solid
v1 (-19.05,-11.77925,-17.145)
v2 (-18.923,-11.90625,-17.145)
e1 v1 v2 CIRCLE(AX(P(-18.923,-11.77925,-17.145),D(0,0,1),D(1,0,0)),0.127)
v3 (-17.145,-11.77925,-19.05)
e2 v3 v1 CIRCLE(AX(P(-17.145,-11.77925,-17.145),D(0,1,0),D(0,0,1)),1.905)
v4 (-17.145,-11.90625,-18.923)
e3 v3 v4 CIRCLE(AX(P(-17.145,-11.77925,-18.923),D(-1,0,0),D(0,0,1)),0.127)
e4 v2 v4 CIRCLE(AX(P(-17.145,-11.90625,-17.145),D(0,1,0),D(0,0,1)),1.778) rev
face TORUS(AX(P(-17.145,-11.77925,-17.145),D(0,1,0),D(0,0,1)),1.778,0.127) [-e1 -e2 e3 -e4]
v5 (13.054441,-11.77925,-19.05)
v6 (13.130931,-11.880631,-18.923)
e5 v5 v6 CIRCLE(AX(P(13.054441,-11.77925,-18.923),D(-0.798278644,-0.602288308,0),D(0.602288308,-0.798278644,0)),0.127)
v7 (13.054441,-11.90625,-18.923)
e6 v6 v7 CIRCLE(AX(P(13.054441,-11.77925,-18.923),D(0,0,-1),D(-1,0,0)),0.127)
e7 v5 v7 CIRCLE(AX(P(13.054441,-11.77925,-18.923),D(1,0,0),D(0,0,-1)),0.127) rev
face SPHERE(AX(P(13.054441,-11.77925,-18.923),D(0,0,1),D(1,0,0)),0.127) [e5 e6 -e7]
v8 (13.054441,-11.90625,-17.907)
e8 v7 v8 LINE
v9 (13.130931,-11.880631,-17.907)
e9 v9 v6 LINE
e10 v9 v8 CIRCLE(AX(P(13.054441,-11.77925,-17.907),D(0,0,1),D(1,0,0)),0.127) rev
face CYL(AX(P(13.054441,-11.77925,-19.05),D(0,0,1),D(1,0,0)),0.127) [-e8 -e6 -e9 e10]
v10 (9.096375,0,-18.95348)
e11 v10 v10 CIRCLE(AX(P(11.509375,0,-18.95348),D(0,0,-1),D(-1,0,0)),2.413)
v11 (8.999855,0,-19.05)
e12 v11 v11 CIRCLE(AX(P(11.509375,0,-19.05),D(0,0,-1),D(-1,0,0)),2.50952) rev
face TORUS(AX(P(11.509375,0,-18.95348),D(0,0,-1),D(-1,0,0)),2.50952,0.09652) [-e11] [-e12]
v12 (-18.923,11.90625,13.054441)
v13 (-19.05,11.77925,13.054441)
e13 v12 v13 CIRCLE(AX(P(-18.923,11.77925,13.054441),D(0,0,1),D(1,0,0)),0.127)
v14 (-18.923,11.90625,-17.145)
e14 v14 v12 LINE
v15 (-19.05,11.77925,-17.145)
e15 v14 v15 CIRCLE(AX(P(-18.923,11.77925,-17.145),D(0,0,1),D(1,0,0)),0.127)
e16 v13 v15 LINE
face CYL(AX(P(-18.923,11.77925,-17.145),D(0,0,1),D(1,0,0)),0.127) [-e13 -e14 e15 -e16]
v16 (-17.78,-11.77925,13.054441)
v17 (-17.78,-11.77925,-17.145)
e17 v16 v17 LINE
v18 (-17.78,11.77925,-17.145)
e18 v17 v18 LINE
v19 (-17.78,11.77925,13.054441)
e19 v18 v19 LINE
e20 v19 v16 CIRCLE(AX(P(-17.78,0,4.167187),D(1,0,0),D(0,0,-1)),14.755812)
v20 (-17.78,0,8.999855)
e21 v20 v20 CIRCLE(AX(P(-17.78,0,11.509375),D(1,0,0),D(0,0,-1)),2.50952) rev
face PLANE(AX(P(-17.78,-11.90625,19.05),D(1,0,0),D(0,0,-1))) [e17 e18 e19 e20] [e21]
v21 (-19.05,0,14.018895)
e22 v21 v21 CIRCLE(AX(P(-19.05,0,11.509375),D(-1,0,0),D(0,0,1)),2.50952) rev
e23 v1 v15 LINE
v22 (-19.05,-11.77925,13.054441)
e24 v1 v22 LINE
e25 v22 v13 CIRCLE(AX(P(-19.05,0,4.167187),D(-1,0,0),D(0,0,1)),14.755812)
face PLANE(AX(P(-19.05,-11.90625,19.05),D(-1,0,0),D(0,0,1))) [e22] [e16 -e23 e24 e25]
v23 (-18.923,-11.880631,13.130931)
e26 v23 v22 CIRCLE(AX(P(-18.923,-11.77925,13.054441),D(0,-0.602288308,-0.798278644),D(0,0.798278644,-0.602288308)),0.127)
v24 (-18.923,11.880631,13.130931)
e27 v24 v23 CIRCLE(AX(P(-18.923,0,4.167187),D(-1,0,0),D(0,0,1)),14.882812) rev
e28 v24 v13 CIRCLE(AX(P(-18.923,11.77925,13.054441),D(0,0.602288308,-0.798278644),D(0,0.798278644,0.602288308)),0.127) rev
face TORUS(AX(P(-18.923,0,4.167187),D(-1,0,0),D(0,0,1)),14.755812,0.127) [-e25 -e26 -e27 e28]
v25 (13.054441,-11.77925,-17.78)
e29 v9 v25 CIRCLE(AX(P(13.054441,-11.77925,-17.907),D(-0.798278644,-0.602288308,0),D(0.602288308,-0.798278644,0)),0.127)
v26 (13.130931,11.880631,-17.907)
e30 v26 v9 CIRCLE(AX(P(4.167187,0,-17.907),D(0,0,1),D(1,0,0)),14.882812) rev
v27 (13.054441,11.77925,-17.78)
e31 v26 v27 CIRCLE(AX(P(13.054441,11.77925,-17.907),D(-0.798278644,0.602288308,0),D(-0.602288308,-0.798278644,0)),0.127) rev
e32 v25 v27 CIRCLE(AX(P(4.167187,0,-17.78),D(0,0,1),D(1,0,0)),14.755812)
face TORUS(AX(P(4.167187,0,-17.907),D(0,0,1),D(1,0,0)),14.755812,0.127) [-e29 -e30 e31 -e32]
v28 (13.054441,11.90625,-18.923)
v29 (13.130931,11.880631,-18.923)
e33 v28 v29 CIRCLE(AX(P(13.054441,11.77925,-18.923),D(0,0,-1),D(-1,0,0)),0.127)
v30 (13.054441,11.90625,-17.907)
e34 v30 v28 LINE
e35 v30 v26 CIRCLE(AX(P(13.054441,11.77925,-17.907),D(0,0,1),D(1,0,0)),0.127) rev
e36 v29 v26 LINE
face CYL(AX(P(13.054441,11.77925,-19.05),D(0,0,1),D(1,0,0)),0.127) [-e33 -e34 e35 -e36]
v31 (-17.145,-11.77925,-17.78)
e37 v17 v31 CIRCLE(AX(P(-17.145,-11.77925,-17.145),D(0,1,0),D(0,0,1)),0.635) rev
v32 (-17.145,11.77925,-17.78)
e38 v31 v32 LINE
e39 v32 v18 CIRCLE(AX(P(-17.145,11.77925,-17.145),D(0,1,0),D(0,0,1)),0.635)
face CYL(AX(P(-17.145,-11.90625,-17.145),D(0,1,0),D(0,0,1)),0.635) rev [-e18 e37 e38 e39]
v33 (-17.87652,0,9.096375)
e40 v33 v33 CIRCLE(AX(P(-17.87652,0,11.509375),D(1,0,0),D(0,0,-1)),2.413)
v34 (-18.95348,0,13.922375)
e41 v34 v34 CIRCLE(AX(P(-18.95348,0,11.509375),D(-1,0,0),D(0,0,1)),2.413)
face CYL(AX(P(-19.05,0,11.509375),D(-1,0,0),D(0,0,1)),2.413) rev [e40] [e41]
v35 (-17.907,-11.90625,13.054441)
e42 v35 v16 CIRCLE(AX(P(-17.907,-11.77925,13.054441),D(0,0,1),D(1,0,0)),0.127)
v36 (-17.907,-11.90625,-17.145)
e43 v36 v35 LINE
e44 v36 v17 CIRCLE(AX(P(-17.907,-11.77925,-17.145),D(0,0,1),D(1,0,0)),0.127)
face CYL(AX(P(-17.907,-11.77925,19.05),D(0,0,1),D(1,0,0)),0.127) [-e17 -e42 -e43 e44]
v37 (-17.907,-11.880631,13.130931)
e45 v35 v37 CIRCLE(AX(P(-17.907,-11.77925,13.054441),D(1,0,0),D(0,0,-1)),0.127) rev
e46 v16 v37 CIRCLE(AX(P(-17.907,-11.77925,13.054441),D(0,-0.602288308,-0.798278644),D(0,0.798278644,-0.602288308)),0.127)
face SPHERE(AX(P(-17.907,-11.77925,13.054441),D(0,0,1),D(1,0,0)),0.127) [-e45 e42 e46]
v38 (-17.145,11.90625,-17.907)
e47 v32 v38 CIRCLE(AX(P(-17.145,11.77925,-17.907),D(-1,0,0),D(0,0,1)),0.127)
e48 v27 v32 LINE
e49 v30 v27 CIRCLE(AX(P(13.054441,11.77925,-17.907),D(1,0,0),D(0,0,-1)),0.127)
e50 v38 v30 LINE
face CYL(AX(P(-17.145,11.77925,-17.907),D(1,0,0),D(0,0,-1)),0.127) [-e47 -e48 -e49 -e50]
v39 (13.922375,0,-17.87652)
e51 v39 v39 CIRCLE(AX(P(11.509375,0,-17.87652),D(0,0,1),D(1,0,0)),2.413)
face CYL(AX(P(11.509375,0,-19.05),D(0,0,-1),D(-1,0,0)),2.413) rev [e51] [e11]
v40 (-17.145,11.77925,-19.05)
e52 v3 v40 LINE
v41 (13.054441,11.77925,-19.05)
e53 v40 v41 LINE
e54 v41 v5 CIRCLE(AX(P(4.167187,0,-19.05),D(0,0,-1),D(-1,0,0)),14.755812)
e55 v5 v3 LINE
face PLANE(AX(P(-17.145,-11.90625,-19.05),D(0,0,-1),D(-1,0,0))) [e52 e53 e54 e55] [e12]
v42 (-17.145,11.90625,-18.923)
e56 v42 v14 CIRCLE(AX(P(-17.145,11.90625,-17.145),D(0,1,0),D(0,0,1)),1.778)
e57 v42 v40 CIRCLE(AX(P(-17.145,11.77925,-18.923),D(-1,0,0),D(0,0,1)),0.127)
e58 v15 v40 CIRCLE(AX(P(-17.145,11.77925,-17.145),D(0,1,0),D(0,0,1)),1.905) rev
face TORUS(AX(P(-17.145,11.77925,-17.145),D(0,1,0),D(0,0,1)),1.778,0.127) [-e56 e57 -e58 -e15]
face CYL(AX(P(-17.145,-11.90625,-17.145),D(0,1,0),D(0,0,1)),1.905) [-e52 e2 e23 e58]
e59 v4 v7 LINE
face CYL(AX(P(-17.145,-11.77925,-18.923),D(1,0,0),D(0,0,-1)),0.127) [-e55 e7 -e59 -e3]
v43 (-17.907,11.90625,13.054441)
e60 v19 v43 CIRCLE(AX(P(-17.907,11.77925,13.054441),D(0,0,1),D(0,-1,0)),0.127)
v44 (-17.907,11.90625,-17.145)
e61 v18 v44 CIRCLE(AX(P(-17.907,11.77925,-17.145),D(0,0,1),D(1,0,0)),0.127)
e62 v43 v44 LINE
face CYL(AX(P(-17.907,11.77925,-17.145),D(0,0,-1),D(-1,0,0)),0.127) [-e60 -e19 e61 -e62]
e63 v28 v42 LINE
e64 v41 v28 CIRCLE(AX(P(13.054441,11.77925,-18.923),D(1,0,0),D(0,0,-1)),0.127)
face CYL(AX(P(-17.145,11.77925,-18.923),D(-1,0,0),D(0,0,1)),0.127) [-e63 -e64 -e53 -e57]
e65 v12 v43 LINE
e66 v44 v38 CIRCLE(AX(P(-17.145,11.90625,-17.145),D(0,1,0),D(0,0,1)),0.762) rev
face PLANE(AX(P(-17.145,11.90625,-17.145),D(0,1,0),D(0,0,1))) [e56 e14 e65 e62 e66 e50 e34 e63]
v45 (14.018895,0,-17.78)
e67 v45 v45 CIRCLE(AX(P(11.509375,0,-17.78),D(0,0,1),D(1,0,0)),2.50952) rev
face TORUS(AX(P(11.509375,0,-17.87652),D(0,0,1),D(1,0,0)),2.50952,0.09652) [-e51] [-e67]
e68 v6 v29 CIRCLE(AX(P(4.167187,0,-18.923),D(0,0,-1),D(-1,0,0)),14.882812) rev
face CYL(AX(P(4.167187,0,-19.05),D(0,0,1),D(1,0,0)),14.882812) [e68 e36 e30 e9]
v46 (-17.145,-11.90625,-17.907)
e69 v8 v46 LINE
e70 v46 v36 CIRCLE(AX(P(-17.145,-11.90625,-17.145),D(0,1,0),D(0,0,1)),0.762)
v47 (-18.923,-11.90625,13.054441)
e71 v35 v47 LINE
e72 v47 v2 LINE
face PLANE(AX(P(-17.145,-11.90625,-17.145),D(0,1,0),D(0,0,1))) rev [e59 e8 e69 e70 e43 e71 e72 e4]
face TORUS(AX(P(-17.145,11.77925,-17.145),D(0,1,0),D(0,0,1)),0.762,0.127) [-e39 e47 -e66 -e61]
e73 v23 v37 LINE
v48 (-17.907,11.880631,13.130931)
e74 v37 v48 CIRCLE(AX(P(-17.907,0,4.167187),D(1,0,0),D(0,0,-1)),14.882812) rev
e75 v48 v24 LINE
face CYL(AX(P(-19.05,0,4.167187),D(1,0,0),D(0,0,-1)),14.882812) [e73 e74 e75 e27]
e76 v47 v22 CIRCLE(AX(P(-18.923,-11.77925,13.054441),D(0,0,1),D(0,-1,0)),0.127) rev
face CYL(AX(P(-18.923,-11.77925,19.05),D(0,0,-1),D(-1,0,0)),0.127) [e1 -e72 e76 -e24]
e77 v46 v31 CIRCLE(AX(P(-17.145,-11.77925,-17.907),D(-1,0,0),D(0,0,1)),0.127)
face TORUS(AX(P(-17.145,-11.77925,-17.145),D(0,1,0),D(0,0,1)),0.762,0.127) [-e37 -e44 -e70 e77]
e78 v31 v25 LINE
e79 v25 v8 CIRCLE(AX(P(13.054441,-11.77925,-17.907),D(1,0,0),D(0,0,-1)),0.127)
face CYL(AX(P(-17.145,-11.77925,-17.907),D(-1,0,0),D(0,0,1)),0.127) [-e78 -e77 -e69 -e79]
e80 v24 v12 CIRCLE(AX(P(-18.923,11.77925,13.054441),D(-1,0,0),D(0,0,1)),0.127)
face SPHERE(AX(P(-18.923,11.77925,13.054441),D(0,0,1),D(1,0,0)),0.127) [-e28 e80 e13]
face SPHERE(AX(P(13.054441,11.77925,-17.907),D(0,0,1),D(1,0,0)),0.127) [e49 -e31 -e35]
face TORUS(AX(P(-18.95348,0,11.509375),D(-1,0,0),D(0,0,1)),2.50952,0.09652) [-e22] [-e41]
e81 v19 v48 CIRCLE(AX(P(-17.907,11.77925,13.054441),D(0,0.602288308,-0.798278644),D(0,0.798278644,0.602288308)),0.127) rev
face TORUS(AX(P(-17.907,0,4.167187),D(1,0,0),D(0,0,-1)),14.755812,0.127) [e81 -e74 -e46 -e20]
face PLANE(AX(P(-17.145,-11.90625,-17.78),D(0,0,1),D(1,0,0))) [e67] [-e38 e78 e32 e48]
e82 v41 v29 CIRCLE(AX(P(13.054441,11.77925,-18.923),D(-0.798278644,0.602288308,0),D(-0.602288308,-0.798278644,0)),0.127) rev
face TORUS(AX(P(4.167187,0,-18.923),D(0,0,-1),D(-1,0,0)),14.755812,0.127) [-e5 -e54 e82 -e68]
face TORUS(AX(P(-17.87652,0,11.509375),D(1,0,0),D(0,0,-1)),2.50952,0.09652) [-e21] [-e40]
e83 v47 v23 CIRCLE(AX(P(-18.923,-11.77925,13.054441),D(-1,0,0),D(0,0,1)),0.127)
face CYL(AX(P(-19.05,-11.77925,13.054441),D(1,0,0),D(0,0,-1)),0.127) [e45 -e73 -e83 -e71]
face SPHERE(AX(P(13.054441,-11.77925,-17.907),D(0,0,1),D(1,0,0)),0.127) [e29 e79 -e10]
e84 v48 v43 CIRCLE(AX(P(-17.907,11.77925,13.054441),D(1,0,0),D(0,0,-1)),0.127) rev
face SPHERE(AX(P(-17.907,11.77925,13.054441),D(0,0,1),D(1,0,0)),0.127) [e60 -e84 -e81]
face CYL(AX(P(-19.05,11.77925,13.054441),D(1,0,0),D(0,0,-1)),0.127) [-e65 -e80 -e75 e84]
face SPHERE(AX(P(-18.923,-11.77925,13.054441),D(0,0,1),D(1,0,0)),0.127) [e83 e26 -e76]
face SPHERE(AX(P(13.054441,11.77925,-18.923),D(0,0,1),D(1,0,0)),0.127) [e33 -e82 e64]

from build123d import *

# Parameters (mm, degrees)
BOSS_EXTRUDE1_START = 11.90625
BOSS_EXTRUDE1_DEPTH = 23.8125
SKETCH5_W           = 1.27
SKETCH5_H           = 2.413
SKETCH6_W           = 2.413
SKETCH6_H           = 1.27
CUT_EXTRUDE1_DEPTH  = 2.27
CUT_EXTRUDE2_DEPTH  = 2.27
FILLET1_R           = 0.127
FILLET2_R           = 0.09652


with BuildPart() as part:
    # Sketch4 → Boss-Extrude1 (new body)
    with BuildSketch(Plane(origin=(0, 0, 0), x_dir=(1, 0, 0), z_dir=(0, 1, 0)).offset(BOSS_EXTRUDE1_START)):
        with BuildLine():
            Line((-19.05, -19.05), (-17.78, -19.05))
            Line((-17.78, -19.05), (-17.78, 17.145))
            ThreePointArc((-17.78, 17.145), (-17.594012806, 17.594012806), (-17.145, 17.78))
            Line((-17.145, 17.78), (19.05, 17.78))
            Line((19.05, 17.78), (19.05, 19.05))
            Line((19.05, 19.05), (-17.145, 19.05))
            ThreePointArc((-17.145, 19.05), (-18.492038418, 18.492038418), (-19.05, 17.145))
            Line((-19.05, 17.145), (-19.05, -19.05))
        make_face()
    extrude(amount=-BOSS_EXTRUDE1_DEPTH)

    # Sketch5 → Cut-Revolve1 (revolve, cut)
    with BuildSketch(Plane(origin=(0, 0, 0), x_dir=(1, 0, 0), z_dir=(0, 1, 0))):
        with Locations((-18.415, -10.302875)):
            Rectangle(SKETCH5_W, SKETCH5_H)
    revolve(axis=Axis((-19.05, 0, 11.509375), (1, 0, 0)), mode=Mode.SUBTRACT)

    # Sketch6 → Cut-Revolve2 (revolve, cut)
    with BuildSketch(Plane(origin=(0, 0, 0), x_dir=(1, 0, 0), z_dir=(0, 1, 0))):
        with Locations((12.715875, 18.415)):
            Rectangle(SKETCH6_W, SKETCH6_H)
    revolve(axis=Axis((11.509375, 0, -19.05), (0, 0, 1)), mode=Mode.SUBTRACT)

    # Sketch7 → Cut-Extrude1 (cut, through all)
    with BuildSketch(Plane(origin=(-17.78, 0, 0), x_dir=(0, 0, -1), z_dir=(1, 0, 0))):
        with BuildLine():
            ThreePointArc((-19.05, 0), (-17.478779679, 6.655796089), (-13.096875, 11.90625))
            Line((-13.096875, 11.90625), (-19.05, 11.90625))
            Line((-19.05, 11.90625), (-19.05, 0))
        make_face()
        with BuildLine():
            ThreePointArc((-13.096875, -11.90625), (-17.478779679, -6.655796089), (-19.05, 0))
            Line((-19.05, 0), (-19.05, -11.90625))
            Line((-19.05, -11.90625), (-13.096875, -11.90625))
        make_face()
    extrude(amount=-CUT_EXTRUDE1_DEPTH, mode=Mode.SUBTRACT)

    # Sketch8 → Cut-Extrude2 (cut, through all)
    with BuildSketch(Plane.XY.offset(-17.78)):
        with BuildLine():
            Line((19.05, 11.90625), (13.096875, 11.90625))
            ThreePointArc((13.096875, 11.90625), (17.478779679, 6.655796089), (19.05, 0))
            Line((19.05, 0), (19.05, 11.90625))
        make_face()
        with BuildLine():
            Line((19.05, -11.90625), (19.05, 0))
            ThreePointArc((19.05, 0), (17.478779679, -6.655796089), (13.096875, -11.90625))
            Line((13.096875, -11.90625), (19.05, -11.90625))
        make_face()
    extrude(amount=-CUT_EXTRUDE2_DEPTH, mode=Mode.SUBTRACT)

    # Fillet1
    fillet1_edges = [part.edges().sort_by_distance(p)[0] for p in [
        (-19.05, 11.90625, -2.0240625),
        (-17.594012806, -11.90625, -17.594012806),
        (-2.0240625, -11.90625, -17.78),
        (-18.492038418, -11.90625, -18.492038418),
        (-17.78, 11.90625, -2.0240625),
        (-17.78, 0, 19.05),
        (-18.415, 11.90625, 13.096875),
        (-19.05, 0, 19.05),
        (-19.05, -11.90625, -2.0240625),
        (-17.78, -11.90625, -2.0240625),
        (-18.415, -11.90625, 13.096875),
        (-2.0240625, 11.90625, -19.05),
        (13.096875, 11.90625, -18.415),
        (19.05, 0, -19.05),
        (19.05, 0, -17.78),
        (-2.0240625, -11.90625, -19.05),
        (13.096875, -11.90625, -18.415),
        (-18.492038418, 11.90625, -18.492038418),
        (-2.0240625, 11.90625, -17.78),
        (-17.594012806, 11.90625, -17.594012806),
    ]]
    fillet(fillet1_edges, radius=FILLET1_R)

    # Fillet2
    fillet2_edges = [part.edges().sort_by_distance(p)[0] for p in [
        (-19.05, 0, 13.922375),
        (-17.78, 0, 13.922375),
        (9.096375, 0, -17.78),
        (9.096375, 0, -19.05),
    ]]
    fillet(fillet2_edges, radius=FILLET2_R)


solid = part.part
